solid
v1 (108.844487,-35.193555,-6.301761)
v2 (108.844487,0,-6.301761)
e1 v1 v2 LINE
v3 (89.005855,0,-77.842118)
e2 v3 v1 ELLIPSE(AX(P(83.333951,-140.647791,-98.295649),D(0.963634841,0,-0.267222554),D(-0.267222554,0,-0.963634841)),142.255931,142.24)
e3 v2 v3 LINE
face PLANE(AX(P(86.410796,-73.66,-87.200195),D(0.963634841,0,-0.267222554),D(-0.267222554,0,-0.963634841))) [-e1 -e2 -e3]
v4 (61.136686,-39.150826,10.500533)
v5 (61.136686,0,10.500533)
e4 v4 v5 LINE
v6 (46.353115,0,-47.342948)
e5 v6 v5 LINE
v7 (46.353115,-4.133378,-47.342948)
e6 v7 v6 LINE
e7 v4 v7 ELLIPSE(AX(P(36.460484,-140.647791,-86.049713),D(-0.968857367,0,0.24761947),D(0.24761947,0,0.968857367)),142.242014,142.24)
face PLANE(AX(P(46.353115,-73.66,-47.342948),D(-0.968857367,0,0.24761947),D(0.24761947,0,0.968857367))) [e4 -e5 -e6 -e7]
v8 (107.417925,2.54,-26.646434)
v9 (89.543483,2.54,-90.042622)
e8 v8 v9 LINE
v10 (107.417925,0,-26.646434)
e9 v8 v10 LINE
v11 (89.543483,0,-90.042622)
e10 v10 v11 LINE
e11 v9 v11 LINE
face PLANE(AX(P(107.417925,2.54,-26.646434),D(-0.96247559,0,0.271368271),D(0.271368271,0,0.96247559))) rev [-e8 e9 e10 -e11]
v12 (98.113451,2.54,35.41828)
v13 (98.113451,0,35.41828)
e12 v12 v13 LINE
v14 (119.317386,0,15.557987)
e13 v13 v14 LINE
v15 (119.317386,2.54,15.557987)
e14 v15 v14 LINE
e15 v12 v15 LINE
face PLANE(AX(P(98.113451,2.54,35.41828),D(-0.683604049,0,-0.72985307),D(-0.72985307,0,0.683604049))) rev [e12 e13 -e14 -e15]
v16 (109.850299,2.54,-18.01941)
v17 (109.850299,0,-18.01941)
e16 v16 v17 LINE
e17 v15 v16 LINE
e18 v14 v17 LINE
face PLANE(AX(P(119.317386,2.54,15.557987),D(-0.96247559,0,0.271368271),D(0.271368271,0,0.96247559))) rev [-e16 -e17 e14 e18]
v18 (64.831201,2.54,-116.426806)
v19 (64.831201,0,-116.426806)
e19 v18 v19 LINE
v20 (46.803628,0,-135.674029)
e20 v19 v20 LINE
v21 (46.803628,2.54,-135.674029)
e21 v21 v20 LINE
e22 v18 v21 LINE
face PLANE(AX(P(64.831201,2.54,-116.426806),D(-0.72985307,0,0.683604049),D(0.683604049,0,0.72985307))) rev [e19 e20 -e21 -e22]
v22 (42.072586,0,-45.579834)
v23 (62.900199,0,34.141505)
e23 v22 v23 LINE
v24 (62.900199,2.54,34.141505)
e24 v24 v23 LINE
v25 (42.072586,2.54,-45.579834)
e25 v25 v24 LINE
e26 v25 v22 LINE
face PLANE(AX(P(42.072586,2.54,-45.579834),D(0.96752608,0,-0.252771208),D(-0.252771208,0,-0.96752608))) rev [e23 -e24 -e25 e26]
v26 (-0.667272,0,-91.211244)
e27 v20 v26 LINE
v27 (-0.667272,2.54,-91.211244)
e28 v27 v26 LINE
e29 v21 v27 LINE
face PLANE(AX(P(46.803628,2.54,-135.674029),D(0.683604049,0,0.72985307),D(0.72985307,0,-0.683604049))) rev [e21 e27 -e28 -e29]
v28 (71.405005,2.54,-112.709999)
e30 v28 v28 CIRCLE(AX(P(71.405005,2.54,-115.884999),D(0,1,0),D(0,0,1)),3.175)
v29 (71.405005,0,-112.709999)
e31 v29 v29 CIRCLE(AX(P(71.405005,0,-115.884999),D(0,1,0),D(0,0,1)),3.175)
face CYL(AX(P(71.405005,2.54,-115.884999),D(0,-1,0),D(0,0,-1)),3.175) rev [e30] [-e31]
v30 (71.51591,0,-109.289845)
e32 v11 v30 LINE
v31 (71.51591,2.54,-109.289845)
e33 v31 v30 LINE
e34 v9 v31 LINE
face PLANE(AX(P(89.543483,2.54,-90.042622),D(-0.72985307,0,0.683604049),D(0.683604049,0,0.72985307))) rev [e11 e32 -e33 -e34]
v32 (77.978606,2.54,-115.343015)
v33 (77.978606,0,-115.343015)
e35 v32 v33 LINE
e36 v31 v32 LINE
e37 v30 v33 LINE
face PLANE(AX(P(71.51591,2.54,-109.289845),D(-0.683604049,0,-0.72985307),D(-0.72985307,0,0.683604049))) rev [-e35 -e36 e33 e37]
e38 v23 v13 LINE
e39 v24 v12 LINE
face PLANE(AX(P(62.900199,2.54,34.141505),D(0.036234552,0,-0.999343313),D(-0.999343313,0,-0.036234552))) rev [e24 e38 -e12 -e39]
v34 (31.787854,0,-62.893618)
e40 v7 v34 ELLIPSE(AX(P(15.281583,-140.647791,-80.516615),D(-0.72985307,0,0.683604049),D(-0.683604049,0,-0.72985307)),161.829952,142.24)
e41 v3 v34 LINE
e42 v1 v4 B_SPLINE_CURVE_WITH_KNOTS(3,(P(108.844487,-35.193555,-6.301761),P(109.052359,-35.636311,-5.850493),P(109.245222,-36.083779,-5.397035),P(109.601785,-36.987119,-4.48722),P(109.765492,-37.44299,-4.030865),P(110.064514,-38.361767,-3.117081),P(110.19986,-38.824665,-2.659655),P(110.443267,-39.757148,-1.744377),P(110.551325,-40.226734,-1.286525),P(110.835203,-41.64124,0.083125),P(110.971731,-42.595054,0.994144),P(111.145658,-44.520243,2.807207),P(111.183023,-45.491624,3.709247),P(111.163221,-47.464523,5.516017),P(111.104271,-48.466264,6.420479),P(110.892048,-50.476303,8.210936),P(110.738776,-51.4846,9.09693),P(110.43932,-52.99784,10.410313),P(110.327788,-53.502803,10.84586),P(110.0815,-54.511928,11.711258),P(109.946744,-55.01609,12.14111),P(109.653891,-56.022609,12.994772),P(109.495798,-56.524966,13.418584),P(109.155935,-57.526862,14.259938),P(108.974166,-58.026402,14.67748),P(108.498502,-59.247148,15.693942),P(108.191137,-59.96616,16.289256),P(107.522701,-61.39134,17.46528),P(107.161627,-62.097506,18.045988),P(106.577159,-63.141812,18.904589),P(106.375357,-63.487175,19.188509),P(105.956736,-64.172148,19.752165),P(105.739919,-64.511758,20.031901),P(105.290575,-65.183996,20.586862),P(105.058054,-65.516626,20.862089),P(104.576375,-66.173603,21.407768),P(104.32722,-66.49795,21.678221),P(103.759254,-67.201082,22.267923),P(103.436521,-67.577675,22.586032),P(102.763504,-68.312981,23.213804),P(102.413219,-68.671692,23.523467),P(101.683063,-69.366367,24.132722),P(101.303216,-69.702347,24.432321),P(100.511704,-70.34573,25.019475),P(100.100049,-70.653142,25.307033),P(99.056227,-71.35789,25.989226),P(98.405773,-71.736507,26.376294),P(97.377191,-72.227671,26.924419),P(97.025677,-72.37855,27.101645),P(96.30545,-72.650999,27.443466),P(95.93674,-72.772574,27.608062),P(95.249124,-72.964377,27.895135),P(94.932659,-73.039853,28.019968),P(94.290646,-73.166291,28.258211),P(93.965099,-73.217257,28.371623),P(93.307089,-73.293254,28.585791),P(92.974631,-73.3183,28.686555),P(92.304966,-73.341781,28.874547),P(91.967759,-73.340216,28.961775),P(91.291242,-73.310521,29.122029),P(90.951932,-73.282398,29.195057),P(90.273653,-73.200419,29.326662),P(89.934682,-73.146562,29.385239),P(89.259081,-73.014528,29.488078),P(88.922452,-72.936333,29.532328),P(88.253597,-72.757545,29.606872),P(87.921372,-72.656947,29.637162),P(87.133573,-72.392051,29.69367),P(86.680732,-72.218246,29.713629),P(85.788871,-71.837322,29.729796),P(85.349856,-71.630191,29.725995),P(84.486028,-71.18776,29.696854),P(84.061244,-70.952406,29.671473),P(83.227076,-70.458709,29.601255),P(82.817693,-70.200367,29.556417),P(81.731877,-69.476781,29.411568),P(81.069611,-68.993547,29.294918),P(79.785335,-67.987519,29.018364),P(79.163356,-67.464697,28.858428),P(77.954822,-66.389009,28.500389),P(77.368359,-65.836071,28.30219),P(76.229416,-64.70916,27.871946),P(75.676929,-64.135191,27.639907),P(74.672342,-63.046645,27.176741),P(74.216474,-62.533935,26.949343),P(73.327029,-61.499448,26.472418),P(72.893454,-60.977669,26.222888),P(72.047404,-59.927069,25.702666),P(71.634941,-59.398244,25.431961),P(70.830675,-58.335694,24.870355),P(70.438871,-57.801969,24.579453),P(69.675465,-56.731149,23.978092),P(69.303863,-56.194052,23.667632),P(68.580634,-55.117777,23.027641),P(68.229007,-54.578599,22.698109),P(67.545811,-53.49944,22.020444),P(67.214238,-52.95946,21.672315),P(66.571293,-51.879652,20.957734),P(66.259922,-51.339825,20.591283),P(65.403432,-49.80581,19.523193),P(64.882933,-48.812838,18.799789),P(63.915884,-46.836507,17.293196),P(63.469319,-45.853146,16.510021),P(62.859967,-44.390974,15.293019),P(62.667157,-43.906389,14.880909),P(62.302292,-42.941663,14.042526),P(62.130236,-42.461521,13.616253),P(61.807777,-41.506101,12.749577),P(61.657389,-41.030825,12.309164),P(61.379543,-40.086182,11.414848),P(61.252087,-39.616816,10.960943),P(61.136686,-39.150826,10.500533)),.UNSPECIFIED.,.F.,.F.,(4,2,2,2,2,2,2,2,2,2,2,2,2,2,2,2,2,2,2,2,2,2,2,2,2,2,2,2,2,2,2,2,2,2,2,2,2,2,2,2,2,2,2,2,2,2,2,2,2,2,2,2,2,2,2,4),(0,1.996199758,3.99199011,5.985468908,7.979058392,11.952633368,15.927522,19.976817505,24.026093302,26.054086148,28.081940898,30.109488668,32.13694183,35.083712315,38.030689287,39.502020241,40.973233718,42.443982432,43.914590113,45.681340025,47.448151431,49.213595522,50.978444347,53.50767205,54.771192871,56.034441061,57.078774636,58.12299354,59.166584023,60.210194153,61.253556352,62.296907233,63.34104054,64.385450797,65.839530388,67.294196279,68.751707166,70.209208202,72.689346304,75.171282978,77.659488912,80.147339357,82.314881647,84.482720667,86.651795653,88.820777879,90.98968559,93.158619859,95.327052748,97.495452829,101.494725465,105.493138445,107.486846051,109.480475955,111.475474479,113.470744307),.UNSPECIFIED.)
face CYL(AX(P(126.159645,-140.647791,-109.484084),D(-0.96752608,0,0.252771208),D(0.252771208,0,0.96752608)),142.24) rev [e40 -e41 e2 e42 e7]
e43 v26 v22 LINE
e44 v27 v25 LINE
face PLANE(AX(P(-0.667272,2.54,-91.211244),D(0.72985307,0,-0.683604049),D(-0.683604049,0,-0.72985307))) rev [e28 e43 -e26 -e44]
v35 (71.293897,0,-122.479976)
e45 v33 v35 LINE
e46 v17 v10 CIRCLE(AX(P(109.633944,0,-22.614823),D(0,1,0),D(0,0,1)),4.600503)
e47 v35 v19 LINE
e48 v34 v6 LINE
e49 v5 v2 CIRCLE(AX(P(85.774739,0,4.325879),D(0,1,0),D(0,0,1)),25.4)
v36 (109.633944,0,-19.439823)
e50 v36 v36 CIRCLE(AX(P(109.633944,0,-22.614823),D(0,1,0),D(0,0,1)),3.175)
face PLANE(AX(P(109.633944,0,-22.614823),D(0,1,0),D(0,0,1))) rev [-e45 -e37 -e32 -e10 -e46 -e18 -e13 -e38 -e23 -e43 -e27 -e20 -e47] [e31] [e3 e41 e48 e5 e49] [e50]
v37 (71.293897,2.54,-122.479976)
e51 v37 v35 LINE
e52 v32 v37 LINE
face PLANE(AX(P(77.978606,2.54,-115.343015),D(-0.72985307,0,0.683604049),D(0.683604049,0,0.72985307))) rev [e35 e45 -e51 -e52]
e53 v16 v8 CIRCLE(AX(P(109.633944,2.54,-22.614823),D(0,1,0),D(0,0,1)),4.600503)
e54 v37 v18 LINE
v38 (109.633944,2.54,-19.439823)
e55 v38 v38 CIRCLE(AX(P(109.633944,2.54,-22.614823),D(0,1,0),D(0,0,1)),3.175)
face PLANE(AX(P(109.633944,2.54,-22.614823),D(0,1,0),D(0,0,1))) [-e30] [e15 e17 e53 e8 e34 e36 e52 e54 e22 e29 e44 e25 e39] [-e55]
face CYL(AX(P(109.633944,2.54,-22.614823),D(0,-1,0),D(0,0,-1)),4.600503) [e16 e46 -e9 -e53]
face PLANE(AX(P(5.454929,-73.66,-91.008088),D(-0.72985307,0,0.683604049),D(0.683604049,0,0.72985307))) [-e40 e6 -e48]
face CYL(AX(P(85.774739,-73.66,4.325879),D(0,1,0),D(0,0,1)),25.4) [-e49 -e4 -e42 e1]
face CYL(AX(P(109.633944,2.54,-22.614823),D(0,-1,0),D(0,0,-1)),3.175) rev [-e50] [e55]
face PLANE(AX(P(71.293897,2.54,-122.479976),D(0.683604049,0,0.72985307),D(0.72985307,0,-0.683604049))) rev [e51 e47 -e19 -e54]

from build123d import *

# Parameters (mm, degrees)
SKETCH3_R               = 3.175
BOSS_EXTRUDE1_DEPTH     = 2.54
BOSS_EXTRUDE2_DEPTH     = 76.2
CUT_EXTRUDE1_DEPTH      = 159.608869597
CUT_EXTRUDE1_DEPTH_BACK = 159.608869597


with BuildPart() as part:
    # Sketch3 → Boss-Extrude1 (new body)
    with BuildSketch(Plane(origin=(0, 0, 0), x_dir=(1, 0, 0), z_dir=(0, 1, 0))):
        with BuildLine():
            Line((-0.667272367, 91.211244064), (42.072585982, 45.579833776))
            Line((42.072585982, 45.579833776), (62.900199296, -34.141504839))
            Line((62.900199296, -34.141504839), (98.113451188, -35.418279698))
            Line((98.113451188, -35.418279698), (119.317385982, -15.557986891))
            Line((119.317385982, -15.557986891), (109.850299083, 18.019409705))
            ThreePointArc((109.850299083, 18.019409705), (114.061816463, 23.863253473), (107.41792498, 26.646434133))
            Line((107.41792498, 26.646434133), (89.543483254, 90.042621912))
            Line((89.543483254, 90.042621912), (71.515910096, 109.289844975))
            Line((71.515910096, 109.289844975), (77.978605526, 115.34301505))
            Line((77.978605526, 115.34301505), (71.293896806, 122.479975678))
            Line((71.293896806, 122.479975678), (64.831201375, 116.426805602))
            Line((64.831201375, 116.426805602), (46.803628217, 135.674028665))
            Line((46.803628217, 135.674028665), (-0.667272367, 91.211244064))
        make_face()
        with Locations(Location((71.405004975, 115.88499878, 0), (0, 0, 270))):
            Circle(SKETCH3_R, mode=Mode.SUBTRACT)
        with Locations(Location((109.633944273, 22.61482283, 0), (0, 0, 270))):
            Circle(SKETCH3_R, mode=Mode.SUBTRACT)
    extrude(amount=BOSS_EXTRUDE1_DEPTH)

    # Sketch4 → Boss-Extrude2 (add)
    with BuildSketch(Plane(origin=(0, 2.54, 0), x_dir=(1, 0, 0), z_dir=(0, 1, 0))):
        with BuildLine():
            Line((46.803628217, 129.736619854), (5.454929405, 91.008087929))
            Line((5.454929405, 91.008087929), (46.353114934, 47.342948269))
            Line((46.353114934, 47.342948269), (61.1366863, -10.500532511))
            ThreePointArc((61.1366863, -10.500532511), (94.212402493, -28.283463558), (108.844487247, 6.301760657))
            Line((108.844487247, 6.301760657), (86.410796294, 87.200194916))
            Line((86.410796294, 87.200194916), (46.803628217, 129.736619854))
        make_face()
    extrude(amount=-BOSS_EXTRUDE2_DEPTH)

    # Sketch14 → Cut-Extrude1 (cut, two sides: drawn at the far end of the back side and taken through both)
    with BuildSketch(Plane(origin=(50.531559178, 0, -13.201631997), x_dir=(0.25277120811930814, 0, 0.9675260804473983), z_dir=(-0.9675260804473983, 0, 0.25277120811930814)).offset(-CUT_EXTRUDE1_DEPTH_BACK)):
        with BuildLine():
            Line((-119.586340422, -76.2), (-7.964682874, -76.2))
            Line((-7.964682874, -76.2), (52.762632555, -76.2))
            ThreePointArc((52.762632555, -76.2), (9.204123856, -25.310156709), (-52.816161516, 0))
            Line((-52.816161516, 0), (-119.586340422, 0))
            Line((-119.586340422, 0), (-119.586340422, -76.2))
        make_face()
    extrude(amount=CUT_EXTRUDE1_DEPTH + CUT_EXTRUDE1_DEPTH_BACK, mode=Mode.SUBTRACT)


solid = part.part
